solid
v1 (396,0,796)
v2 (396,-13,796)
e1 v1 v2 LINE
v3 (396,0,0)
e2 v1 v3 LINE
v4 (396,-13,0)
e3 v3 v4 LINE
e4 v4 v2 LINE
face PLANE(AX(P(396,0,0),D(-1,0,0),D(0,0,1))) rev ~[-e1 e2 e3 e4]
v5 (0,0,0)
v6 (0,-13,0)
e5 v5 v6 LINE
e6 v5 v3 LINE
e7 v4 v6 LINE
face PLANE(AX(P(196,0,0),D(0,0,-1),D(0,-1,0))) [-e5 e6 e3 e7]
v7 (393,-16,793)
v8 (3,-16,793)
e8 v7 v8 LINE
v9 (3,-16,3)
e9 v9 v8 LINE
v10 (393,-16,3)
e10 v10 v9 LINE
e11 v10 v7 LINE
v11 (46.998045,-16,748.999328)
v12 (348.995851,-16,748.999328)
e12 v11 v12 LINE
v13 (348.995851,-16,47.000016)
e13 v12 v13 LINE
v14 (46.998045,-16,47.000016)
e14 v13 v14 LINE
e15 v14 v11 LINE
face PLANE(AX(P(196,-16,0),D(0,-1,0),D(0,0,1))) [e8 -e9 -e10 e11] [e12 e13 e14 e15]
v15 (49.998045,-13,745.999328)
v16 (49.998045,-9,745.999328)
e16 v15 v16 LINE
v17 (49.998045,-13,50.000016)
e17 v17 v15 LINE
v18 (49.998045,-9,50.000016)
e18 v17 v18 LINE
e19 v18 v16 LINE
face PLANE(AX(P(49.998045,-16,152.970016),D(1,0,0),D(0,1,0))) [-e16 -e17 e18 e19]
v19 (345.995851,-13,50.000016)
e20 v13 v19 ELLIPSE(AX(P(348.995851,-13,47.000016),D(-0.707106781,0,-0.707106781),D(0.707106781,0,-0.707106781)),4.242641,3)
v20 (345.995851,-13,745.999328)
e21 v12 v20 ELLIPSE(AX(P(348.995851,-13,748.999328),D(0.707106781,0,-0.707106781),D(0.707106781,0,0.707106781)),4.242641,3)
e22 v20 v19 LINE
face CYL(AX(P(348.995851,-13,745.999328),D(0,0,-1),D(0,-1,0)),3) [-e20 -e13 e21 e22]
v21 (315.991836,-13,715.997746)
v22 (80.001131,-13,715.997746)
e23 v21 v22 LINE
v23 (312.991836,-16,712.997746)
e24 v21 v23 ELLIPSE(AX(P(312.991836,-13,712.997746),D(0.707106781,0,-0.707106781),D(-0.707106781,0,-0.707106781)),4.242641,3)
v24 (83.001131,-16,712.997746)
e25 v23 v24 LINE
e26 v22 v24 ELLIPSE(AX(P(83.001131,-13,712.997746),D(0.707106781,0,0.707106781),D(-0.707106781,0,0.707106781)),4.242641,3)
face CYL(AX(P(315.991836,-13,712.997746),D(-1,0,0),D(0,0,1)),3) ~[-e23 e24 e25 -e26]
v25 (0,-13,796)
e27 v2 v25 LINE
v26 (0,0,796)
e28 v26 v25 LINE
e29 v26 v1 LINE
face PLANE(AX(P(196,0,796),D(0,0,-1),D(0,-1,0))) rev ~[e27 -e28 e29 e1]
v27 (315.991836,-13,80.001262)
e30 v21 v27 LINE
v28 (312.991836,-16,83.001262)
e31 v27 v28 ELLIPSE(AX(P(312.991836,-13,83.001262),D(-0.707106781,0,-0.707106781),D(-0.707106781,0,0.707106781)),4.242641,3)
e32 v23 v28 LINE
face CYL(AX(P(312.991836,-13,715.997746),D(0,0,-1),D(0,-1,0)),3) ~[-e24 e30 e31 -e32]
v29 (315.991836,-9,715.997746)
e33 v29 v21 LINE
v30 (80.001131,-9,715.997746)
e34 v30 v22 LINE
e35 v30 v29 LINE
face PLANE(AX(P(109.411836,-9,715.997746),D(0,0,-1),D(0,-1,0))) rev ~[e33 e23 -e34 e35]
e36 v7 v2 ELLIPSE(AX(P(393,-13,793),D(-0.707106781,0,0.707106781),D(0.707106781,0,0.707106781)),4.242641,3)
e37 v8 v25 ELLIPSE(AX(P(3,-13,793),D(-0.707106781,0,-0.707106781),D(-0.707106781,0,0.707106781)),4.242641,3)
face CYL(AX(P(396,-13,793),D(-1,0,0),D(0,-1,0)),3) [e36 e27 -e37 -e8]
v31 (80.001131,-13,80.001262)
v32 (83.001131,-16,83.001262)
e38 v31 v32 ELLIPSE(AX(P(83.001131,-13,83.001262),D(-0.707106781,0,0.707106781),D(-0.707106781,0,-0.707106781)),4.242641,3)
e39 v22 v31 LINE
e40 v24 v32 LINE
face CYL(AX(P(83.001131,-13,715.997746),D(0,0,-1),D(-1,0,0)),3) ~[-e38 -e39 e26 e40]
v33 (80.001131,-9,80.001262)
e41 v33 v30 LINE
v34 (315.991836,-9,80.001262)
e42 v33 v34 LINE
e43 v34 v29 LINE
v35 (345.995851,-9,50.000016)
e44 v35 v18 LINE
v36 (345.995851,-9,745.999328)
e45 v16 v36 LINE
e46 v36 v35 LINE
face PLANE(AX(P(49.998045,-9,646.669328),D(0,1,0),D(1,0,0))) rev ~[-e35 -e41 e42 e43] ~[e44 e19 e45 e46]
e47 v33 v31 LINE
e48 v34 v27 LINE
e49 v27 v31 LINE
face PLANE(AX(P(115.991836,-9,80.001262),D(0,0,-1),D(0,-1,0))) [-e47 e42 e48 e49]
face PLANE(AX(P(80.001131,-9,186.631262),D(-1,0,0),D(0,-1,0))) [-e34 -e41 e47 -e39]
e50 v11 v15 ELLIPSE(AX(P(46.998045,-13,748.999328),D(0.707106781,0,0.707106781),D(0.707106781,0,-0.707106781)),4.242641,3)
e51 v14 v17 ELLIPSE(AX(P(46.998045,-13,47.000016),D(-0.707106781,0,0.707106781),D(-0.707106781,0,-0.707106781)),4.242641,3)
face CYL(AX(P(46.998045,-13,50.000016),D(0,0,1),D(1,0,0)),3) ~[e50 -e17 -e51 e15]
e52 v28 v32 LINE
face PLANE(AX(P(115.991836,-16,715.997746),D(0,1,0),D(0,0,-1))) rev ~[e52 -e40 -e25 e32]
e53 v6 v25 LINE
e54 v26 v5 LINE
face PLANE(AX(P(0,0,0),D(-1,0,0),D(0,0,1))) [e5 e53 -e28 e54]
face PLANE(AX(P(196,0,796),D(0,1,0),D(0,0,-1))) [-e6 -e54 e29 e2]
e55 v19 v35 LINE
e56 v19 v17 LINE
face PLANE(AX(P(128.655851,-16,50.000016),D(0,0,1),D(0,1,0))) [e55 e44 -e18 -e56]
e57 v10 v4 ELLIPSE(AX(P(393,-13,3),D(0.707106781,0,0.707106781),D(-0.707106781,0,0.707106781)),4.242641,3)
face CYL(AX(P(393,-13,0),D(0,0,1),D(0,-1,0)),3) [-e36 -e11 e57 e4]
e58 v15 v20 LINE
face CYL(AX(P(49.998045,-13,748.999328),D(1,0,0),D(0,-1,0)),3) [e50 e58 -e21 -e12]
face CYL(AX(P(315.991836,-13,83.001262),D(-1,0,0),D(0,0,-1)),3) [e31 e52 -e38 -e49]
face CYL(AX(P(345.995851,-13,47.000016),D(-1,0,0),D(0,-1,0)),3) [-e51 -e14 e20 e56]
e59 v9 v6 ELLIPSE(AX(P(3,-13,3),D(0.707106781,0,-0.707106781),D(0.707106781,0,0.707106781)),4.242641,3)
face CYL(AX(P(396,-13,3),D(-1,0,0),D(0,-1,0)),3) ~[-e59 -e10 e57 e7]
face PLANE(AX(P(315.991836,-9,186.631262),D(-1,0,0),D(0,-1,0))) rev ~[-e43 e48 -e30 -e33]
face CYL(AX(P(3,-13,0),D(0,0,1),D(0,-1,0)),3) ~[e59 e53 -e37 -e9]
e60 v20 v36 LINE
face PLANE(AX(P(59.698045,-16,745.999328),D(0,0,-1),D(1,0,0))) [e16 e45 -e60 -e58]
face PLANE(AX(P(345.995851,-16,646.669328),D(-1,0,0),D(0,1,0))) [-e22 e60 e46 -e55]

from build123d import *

# Parameters (mm, degrees)
F0_W      = 44.656470418
F0_H      = 33.8078811765
F1_DEPTH  = 16
F2_DEPTH  = 796
F3_DEPTH  = 196
F4_W      = 68.9578056335
F4_H      = 493.6993122101
F5_DEPTH  = 7
F6_DEPTH  = 9.7
F7_DEPTH  = 99.33
F8_DEPTH  = 99.33
F9_DEPTH  = 17.34
F10_DEPTH = 102.97
F11_W     = 35.2807044983
F11_H     = 492.0964837074
F12_DEPTH = 7
F13_DEPTH = 37.27
F14_DEPTH = 6.58
F15_DEPTH = 106.63
F16_DEPTH = 5.87
F17_DEPTH = 200
F18_DEPTH = 200
F19_DEPTH = 200
F20_R     = 3


with BuildPart() as f1:
    # F0 (on Front) → F1 (new body)
    with BuildSketch(Plane.XZ):
        with Locations((22.328235209, 16.9039405882)):
            Rectangle(F0_W, F0_H)
    extrude(amount=F1_DEPTH)

    # F2 (add): a face of the model
    f2_faces = [f1.faces().sort_by_distance(p)[0] for p in [
        (22.328235209, -8, 0),
    ]]
    extrude(f2_faces, amount=-F2_DEPTH)

    # F3 (add): a face of the model
    f3_faces = [f1.faces().sort_by_distance(p)[0] for p in [
        (0, -8, 398),
    ]]
    extrude(f3_faces, amount=-F3_DEPTH)

    # F4 (on face) → F5 (cut)
    with BuildSketch(Plane.XZ.offset(16)):
        with Locations((94.1769480705, 399.8196721077)):
            Rectangle(F4_W, F4_H)
    extrude(amount=-F5_DEPTH, mode=Mode.SUBTRACT)

    # F6 (cut): a face of the model
    f6_faces = [f1.faces().sort_by_distance(p)[0] for p in [
        (59.6980452538, -12.5, 399.8196721077),
    ]]
    extrude(f6_faces, amount=-F6_DEPTH, mode=Mode.SUBTRACT)

    # F7 (add): a face of the model
    f7_faces = [f1.faces().sort_by_distance(p)[0] for p in [
        (89.3269480705, -12.5, 646.6693282127),
    ]]
    extrude(f7_faces, amount=-F7_DEPTH)

    # F8 (cut): a face of the model
    f8_faces = [f1.faces().sort_by_distance(p)[0] for p in [
        (89.3269480705, -12.5, 646.6693282127),
    ]]
    extrude(f8_faces, amount=-F8_DEPTH, mode=Mode.SUBTRACT)

    # F9 (cut): a face of the model
    f9_faces = [f1.faces().sort_by_distance(p)[0] for p in [
        (128.6558508873, -12.5, 449.4846721077),
    ]]
    extrude(f9_faces, amount=-F9_DEPTH, mode=Mode.SUBTRACT)

    # F10 (cut): a face of the model
    f10_faces = [f1.faces().sort_by_distance(p)[0] for p in [
        (97.9969480705, -12.5, 152.9700160027),
    ]]
    extrude(f10_faces, amount=-F10_DEPTH, mode=Mode.SUBTRACT)

    # F11 (on face) → F12 (join)
    with BuildSketch(Plane.XZ.offset(9)):
        with Locations((91.7714834213, 432.6795041561)):
            Rectangle(F11_W, F11_H)
    extrude(amount=F12_DEPTH)

    # F13 (add): a face of the model
    f13_faces = [f1.faces().sort_by_distance(p)[0] for p in [
        (91.7714834213, -12.5, 678.7277460098),
    ]]
    extrude(f13_faces, amount=F13_DEPTH)

    # F14 (add): a face of the model
    f14_faces = [f1.faces().sort_by_distance(p)[0] for p in [
        (109.4118356705, -12.5, 451.3145041561),
    ]]
    extrude(f14_faces, amount=F14_DEPTH)

    # F15 (add): a face of the model
    f15_faces = [f1.faces().sort_by_distance(p)[0] for p in [
        (95.0614834213, -12.5, 186.6312623024),
    ]]
    extrude(f15_faces, amount=F15_DEPTH)

    # F16 (cut): a face of the model
    f16_faces = [f1.faces().sort_by_distance(p)[0] for p in [
        (74.1311311722, -12.5, 397.9995041561),
    ]]
    extrude(f16_faces, amount=-F16_DEPTH, mode=Mode.SUBTRACT)

    # F17 (add): a face of the model
    f17_faces = [f1.faces().sort_by_distance(p)[0] for p in [
        (196, -8, 398),
    ]]
    extrude(f17_faces, amount=F17_DEPTH)

    # F18 (cut): a face of the model
    f18_faces = [f1.faces().sort_by_distance(p)[0] for p in [
        (145.9958508873, -12.5, 397.9996721077),
    ]]
    extrude(f18_faces, amount=-F18_DEPTH, mode=Mode.SUBTRACT)

    # F19 (add): a face of the model
    f19_faces = [f1.faces().sort_by_distance(p)[0] for p in [
        (115.9918356705, -12.5, 397.9995041561),
    ]]
    extrude(f19_faces, amount=F19_DEPTH)

    # F20
    f20_edges = [f1.edges().sort_by_distance(p)[0] for p in [
        (197.996483, -16, 715.997746),
        (80.001131, -16, 397.999504),
        (197.996483, -16, 80.001262),
        (315.991836, -16, 397.999504),
        (0, -16, 398),
        (198, -16, 0),
        (396, -16, 398),
        (198, -16, 796),
        (197.996948, -16, 745.999328),
        (345.995851, -16, 397.999672),
        (197.996948, -16, 50.000016),
        (49.998045, -16, 397.999672),
    ]]
    fillet(f20_edges, radius=F20_R)


solid = f1.part
